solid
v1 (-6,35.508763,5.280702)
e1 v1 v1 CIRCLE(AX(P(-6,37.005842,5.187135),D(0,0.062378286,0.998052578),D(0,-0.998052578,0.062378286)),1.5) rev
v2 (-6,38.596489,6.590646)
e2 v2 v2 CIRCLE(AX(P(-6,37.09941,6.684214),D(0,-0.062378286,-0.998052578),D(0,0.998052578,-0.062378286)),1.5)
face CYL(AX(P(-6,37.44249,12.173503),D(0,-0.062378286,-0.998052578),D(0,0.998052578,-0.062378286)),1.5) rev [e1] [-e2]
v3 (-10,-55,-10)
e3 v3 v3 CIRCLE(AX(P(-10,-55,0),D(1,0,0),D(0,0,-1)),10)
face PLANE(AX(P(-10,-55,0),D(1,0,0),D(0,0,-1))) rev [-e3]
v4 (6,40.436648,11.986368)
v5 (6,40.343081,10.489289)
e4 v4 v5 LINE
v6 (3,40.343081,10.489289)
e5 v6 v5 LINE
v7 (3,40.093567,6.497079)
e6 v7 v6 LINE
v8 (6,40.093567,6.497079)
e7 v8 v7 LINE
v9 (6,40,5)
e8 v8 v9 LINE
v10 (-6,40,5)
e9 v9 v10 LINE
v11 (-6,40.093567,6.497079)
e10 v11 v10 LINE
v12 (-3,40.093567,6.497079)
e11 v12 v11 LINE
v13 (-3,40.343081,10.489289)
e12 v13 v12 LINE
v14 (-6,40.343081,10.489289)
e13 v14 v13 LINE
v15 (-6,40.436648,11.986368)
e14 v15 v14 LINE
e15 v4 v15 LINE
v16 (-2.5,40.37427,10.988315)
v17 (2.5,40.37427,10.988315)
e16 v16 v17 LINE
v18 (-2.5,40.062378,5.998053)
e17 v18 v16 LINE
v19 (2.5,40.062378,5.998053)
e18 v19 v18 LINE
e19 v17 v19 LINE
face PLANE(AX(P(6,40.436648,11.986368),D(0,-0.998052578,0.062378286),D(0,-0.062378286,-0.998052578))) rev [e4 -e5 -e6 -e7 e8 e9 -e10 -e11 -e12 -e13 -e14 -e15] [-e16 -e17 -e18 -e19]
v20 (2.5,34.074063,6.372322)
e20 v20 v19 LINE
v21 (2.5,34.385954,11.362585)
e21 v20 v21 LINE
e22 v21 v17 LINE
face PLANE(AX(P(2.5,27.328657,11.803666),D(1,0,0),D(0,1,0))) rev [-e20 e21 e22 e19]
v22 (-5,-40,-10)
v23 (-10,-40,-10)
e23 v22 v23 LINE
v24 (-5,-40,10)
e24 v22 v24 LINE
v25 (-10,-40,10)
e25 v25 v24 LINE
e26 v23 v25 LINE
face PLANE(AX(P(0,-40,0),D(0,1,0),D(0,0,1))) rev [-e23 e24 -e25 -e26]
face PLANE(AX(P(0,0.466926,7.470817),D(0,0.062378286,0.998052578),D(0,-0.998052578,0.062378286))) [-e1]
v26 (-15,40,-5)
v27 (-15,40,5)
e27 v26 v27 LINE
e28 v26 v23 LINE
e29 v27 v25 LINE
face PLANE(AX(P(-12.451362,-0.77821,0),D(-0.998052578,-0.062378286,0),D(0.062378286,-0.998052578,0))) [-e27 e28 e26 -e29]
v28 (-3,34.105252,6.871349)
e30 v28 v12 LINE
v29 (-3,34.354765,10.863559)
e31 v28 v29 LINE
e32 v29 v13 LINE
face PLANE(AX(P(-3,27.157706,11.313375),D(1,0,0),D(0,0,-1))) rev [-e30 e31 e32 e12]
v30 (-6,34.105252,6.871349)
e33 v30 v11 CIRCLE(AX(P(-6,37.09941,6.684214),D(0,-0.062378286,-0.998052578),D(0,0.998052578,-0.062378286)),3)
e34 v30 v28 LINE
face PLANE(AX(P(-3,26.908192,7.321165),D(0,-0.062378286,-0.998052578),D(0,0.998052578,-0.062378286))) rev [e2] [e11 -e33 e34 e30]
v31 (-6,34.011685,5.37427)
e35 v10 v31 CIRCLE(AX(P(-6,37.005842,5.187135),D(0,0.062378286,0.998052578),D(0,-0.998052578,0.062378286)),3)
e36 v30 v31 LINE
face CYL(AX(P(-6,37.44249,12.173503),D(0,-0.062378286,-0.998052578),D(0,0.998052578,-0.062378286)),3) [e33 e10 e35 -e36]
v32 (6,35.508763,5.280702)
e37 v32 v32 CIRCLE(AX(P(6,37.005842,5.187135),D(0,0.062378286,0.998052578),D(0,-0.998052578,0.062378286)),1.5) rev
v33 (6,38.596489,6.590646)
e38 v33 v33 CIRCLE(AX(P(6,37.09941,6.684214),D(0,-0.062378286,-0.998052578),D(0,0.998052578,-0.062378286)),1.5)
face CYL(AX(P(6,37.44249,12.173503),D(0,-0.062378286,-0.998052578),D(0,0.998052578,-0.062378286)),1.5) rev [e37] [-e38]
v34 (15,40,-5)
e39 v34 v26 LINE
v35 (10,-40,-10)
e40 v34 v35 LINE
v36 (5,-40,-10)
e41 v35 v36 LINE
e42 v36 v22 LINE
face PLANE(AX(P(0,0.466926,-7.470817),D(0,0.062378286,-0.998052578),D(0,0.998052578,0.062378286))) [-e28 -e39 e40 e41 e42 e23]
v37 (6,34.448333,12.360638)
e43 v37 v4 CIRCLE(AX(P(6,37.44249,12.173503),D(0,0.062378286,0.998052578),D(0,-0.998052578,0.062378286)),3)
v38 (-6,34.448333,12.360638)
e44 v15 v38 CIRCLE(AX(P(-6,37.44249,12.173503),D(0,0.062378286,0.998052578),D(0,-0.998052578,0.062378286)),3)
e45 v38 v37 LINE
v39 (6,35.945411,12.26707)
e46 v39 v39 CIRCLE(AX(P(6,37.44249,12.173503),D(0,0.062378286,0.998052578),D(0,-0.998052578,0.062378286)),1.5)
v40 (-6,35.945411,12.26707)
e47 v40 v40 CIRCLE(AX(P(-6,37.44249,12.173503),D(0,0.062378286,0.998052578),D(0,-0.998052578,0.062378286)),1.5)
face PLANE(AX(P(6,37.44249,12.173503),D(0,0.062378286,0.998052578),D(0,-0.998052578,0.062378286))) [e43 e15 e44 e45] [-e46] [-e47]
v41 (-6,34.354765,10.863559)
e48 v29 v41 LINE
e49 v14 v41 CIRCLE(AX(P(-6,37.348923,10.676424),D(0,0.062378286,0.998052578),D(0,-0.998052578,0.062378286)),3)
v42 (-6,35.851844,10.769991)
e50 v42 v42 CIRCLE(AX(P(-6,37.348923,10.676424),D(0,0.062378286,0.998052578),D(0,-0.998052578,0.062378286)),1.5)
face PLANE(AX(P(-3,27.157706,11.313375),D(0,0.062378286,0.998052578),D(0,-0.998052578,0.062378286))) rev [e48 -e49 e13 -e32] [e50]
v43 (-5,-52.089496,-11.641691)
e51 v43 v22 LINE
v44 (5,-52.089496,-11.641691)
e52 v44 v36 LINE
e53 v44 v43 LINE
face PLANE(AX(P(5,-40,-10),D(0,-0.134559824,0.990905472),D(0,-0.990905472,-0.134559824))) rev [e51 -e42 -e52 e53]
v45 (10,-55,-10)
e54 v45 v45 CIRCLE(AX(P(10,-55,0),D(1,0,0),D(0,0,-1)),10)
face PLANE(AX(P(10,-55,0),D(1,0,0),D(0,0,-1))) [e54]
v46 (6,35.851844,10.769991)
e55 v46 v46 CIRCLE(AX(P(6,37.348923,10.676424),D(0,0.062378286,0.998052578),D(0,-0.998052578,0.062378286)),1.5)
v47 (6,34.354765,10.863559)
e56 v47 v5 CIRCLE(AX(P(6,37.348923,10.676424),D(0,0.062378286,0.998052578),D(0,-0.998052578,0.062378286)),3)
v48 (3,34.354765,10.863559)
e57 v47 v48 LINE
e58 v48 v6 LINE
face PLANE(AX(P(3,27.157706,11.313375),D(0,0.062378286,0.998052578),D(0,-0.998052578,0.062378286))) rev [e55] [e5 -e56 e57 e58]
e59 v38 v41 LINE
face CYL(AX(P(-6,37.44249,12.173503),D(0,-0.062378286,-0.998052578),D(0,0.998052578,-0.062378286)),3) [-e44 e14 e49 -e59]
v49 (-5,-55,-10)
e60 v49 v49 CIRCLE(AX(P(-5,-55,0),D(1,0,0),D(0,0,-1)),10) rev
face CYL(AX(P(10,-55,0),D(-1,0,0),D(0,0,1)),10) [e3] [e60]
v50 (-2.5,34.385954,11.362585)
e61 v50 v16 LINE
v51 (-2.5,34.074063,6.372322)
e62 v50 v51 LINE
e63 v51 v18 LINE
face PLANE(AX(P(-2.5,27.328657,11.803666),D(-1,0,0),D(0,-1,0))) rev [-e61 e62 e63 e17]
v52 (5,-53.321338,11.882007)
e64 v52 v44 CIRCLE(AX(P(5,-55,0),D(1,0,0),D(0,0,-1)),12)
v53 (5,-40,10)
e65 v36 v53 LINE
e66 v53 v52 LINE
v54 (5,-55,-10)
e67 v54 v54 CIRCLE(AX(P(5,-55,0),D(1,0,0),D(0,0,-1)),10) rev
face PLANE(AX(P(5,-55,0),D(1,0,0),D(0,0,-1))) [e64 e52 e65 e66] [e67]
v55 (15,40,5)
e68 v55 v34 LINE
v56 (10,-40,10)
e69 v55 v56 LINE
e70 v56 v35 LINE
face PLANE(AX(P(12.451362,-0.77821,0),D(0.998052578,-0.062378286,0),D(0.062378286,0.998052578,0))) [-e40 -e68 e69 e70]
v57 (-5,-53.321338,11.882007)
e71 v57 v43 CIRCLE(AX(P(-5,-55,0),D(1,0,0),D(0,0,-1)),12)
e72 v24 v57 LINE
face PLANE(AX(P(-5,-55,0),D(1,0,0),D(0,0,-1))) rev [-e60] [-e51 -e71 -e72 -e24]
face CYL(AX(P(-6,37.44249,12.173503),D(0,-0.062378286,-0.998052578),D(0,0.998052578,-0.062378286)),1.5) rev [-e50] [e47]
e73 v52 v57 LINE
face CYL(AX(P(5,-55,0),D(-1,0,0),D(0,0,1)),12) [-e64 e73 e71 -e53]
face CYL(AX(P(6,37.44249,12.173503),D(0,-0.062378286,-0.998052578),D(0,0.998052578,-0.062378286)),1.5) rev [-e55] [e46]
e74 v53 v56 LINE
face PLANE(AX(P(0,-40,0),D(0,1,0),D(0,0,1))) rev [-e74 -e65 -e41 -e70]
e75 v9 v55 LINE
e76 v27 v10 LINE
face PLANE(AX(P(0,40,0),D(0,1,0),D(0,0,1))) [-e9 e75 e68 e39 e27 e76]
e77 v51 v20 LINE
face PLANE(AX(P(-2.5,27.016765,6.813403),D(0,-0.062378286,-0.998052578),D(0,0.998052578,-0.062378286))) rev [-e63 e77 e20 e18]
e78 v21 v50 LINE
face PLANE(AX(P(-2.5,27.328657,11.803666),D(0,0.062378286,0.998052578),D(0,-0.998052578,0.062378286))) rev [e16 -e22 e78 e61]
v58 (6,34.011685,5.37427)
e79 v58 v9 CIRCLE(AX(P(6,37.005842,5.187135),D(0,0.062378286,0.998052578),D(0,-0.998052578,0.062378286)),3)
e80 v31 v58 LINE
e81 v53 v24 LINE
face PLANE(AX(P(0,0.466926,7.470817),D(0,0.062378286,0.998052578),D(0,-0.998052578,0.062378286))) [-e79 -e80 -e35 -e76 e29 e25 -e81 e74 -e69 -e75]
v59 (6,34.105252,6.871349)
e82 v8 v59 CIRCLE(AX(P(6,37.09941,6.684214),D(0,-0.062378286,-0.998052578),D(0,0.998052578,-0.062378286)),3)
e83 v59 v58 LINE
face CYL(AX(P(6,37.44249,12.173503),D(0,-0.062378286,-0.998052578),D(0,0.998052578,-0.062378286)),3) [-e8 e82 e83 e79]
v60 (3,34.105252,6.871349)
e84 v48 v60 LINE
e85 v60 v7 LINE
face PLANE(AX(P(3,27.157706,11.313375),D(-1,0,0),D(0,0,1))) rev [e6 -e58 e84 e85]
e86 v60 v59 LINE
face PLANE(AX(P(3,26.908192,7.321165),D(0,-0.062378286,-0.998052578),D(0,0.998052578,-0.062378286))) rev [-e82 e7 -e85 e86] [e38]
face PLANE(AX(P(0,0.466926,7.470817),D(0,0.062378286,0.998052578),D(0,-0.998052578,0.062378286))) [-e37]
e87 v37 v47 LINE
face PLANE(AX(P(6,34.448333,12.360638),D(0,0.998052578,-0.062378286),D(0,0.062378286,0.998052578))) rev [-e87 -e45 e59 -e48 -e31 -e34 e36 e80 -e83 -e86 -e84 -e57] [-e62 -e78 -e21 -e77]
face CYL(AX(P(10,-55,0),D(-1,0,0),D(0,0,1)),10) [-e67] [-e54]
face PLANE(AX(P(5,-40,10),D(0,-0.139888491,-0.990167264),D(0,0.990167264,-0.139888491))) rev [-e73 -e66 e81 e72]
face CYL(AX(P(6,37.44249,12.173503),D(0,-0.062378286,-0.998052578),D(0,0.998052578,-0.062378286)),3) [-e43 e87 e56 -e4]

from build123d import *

# Parameters (mm, degrees)
SALIENTE_EXTRUIR1_DEPTH = 5
CROQUIS4_R              = 10
SALIENTE_EXTRUIR2_DEPTH = 10
CROQUIS5_R              = 1.5
SALIENTE_EXTRUIR3_DEPTH = 7
CORTAR_EXTRUIR1_REACH   = 110.601
CROQUIS6_W              = 6
CROQUIS6_H              = 4
CROQUIS7_W              = 5
CROQUIS7_H              = 5
CORTAR_EXTRUIR2_DEPTH   = 6


with BuildPart() as part:
    # Croquis2 → Recubrir1 section 0
    with BuildSketch(Plane(origin=(0, 40, 0), x_dir=(1, 0, 0), z_dir=(0, 1, 0))):
        with BuildLine():
            Line((15, -5), (-15, -5))
            Line((-15, -5), (-15, 5))
            Line((-15, 5), (15, 5))
            Line((15, 5), (15, -5))
        make_face()
    # Croquis1 → Recubrir1 section 1
    with BuildSketch(Plane(origin=(0, -40, 0), x_dir=(1, 0, 0), z_dir=(0, 1, 0))):
        with BuildLine():
            Line((-10, 10), (10, 10))
            Line((10, 10), (10, -10))
            Line((10, -10), (-10, -10))
            Line((-10, -10), (-10, 10))
        make_face()
    loft()

    # Croquis3 → Saliente-Extruir1 (add, symmetric)
    with BuildSketch(Plane(origin=(0, 0, 0), x_dir=(0, 0, -1), z_dir=(1, 0, 0))):
        with BuildLine():
            Line((-10, -40), (-11.882007165, -53.32133811))
            ThreePointArc((-11.882007165, -53.32133811), (0.627532313, -66.983580567), (11.641690846, -52.089495878))
            Line((11.641690846, -52.089495878), (10, -40))
            Line((10, -40), (-10, -40))
        make_face()
    extrude(amount=SALIENTE_EXTRUIR1_DEPTH, both=True)

    # Croquis4 → Saliente-Extruir2 (add, symmetric)
    with BuildSketch(Plane(origin=(0, 0, 0), x_dir=(0, 0, -1), z_dir=(1, 0, 0))):
        with Locations((0, -55)):
            Circle(CROQUIS4_R)
    extrude(amount=SALIENTE_EXTRUIR2_DEPTH, both=True)

    # Croquis5 → Saliente-Extruir3 (add)
    with BuildSketch(Plane(origin=(0, 0.46692607, 7.470817121), x_dir=(1, 0, 0), z_dir=(0, 0.062378286155180505, 0.9980525784828886))):
        with BuildLine():
            Line((6, 33.610211709), (-6, 33.610211709))
            ThreePointArc((-6, 33.610211709), (-9, 36.610211709), (-6, 39.610211709))
            Line((-6, 39.610211709), (6, 39.610211709))
            ThreePointArc((6, 39.610211709), (9, 36.610211709), (6, 33.610211709))
        make_face()
        with Locations(Location((-6, 36.610211709, 0), (0, 0, 270))):
            Circle(CROQUIS5_R, mode=Mode.SUBTRACT)
        with Locations(Location((6, 36.610211709, 0), (0, 0, 270))):
            Circle(CROQUIS5_R, mode=Mode.SUBTRACT)
    extrude(amount=SALIENTE_EXTRUIR3_DEPTH)

    # Cortar-Extruir1: up to this face of the body (flat: up to its plane)
    cortar_extruir1_end = Plane(part.part.faces().sort_by_distance((0, 34.230008531, 8.867453742))[0])
    # Croquis6 → Cortar-Extruir1 (cut, up to the picked face)
    with BuildSketch(Plane(origin=(0, 39.53307393, -2.470817121), x_dir=(1, 0, 0), z_dir=(0, 0.9980525784828886, -0.062378286155180505)), mode=Mode.PRIVATE) as cortar_extruir1_sk1:
        with Locations((6, -10.985394339)):
            Rectangle(CROQUIS6_W, CROQUIS6_H)
    cortar_extruir1_tool1 = split(extrude(cortar_extruir1_sk1.sketch, amount=-CORTAR_EXTRUIR1_REACH, mode=Mode.PRIVATE), bisect_by=cortar_extruir1_end, keep=Keep.BOTH, mode=Mode.PRIVATE)
    # Croquis6 → Cortar-Extruir1 (cut, up to the picked face)
    with BuildSketch(Plane(origin=(0, 39.53307393, -2.470817121), x_dir=(1, 0, 0), z_dir=(0, 0.9980525784828886, -0.062378286155180505)), mode=Mode.PRIVATE) as cortar_extruir1_sk2:
        with Locations((-6, -10.985394339)):
            Rectangle(CROQUIS6_W, CROQUIS6_H)
    cortar_extruir1_tool2 = split(extrude(cortar_extruir1_sk2.sketch, amount=-CORTAR_EXTRUIR1_REACH, mode=Mode.PRIVATE), bisect_by=cortar_extruir1_end, keep=Keep.BOTH, mode=Mode.PRIVATE)
    add(cortar_extruir1_tool1.solids().sort_by(Axis((6, 40.218324, 8.493184), (0, -0.9980525784828886, 0.062378286155180505)))[0], mode=Mode.SUBTRACT)
    add(cortar_extruir1_tool2.solids().sort_by(Axis((-6, 40.218324, 8.493184), (0, -0.9980525784828886, 0.062378286155180505)))[0], mode=Mode.SUBTRACT)

    # Croquis7 → Cortar-Extruir2 (cut)
    with BuildSketch(Plane(origin=(0, 39.53307393, -2.470817121), x_dir=(1, 0, 0), z_dir=(-1.2640787676290823e-15, 0.9980525784828886, -0.062378286155180505))):
        with Locations((0, -10.985394339)):
            Rectangle(CROQUIS7_W, CROQUIS7_H)
    extrude(amount=-CORTAR_EXTRUIR2_DEPTH, mode=Mode.SUBTRACT)


solid = part.part
